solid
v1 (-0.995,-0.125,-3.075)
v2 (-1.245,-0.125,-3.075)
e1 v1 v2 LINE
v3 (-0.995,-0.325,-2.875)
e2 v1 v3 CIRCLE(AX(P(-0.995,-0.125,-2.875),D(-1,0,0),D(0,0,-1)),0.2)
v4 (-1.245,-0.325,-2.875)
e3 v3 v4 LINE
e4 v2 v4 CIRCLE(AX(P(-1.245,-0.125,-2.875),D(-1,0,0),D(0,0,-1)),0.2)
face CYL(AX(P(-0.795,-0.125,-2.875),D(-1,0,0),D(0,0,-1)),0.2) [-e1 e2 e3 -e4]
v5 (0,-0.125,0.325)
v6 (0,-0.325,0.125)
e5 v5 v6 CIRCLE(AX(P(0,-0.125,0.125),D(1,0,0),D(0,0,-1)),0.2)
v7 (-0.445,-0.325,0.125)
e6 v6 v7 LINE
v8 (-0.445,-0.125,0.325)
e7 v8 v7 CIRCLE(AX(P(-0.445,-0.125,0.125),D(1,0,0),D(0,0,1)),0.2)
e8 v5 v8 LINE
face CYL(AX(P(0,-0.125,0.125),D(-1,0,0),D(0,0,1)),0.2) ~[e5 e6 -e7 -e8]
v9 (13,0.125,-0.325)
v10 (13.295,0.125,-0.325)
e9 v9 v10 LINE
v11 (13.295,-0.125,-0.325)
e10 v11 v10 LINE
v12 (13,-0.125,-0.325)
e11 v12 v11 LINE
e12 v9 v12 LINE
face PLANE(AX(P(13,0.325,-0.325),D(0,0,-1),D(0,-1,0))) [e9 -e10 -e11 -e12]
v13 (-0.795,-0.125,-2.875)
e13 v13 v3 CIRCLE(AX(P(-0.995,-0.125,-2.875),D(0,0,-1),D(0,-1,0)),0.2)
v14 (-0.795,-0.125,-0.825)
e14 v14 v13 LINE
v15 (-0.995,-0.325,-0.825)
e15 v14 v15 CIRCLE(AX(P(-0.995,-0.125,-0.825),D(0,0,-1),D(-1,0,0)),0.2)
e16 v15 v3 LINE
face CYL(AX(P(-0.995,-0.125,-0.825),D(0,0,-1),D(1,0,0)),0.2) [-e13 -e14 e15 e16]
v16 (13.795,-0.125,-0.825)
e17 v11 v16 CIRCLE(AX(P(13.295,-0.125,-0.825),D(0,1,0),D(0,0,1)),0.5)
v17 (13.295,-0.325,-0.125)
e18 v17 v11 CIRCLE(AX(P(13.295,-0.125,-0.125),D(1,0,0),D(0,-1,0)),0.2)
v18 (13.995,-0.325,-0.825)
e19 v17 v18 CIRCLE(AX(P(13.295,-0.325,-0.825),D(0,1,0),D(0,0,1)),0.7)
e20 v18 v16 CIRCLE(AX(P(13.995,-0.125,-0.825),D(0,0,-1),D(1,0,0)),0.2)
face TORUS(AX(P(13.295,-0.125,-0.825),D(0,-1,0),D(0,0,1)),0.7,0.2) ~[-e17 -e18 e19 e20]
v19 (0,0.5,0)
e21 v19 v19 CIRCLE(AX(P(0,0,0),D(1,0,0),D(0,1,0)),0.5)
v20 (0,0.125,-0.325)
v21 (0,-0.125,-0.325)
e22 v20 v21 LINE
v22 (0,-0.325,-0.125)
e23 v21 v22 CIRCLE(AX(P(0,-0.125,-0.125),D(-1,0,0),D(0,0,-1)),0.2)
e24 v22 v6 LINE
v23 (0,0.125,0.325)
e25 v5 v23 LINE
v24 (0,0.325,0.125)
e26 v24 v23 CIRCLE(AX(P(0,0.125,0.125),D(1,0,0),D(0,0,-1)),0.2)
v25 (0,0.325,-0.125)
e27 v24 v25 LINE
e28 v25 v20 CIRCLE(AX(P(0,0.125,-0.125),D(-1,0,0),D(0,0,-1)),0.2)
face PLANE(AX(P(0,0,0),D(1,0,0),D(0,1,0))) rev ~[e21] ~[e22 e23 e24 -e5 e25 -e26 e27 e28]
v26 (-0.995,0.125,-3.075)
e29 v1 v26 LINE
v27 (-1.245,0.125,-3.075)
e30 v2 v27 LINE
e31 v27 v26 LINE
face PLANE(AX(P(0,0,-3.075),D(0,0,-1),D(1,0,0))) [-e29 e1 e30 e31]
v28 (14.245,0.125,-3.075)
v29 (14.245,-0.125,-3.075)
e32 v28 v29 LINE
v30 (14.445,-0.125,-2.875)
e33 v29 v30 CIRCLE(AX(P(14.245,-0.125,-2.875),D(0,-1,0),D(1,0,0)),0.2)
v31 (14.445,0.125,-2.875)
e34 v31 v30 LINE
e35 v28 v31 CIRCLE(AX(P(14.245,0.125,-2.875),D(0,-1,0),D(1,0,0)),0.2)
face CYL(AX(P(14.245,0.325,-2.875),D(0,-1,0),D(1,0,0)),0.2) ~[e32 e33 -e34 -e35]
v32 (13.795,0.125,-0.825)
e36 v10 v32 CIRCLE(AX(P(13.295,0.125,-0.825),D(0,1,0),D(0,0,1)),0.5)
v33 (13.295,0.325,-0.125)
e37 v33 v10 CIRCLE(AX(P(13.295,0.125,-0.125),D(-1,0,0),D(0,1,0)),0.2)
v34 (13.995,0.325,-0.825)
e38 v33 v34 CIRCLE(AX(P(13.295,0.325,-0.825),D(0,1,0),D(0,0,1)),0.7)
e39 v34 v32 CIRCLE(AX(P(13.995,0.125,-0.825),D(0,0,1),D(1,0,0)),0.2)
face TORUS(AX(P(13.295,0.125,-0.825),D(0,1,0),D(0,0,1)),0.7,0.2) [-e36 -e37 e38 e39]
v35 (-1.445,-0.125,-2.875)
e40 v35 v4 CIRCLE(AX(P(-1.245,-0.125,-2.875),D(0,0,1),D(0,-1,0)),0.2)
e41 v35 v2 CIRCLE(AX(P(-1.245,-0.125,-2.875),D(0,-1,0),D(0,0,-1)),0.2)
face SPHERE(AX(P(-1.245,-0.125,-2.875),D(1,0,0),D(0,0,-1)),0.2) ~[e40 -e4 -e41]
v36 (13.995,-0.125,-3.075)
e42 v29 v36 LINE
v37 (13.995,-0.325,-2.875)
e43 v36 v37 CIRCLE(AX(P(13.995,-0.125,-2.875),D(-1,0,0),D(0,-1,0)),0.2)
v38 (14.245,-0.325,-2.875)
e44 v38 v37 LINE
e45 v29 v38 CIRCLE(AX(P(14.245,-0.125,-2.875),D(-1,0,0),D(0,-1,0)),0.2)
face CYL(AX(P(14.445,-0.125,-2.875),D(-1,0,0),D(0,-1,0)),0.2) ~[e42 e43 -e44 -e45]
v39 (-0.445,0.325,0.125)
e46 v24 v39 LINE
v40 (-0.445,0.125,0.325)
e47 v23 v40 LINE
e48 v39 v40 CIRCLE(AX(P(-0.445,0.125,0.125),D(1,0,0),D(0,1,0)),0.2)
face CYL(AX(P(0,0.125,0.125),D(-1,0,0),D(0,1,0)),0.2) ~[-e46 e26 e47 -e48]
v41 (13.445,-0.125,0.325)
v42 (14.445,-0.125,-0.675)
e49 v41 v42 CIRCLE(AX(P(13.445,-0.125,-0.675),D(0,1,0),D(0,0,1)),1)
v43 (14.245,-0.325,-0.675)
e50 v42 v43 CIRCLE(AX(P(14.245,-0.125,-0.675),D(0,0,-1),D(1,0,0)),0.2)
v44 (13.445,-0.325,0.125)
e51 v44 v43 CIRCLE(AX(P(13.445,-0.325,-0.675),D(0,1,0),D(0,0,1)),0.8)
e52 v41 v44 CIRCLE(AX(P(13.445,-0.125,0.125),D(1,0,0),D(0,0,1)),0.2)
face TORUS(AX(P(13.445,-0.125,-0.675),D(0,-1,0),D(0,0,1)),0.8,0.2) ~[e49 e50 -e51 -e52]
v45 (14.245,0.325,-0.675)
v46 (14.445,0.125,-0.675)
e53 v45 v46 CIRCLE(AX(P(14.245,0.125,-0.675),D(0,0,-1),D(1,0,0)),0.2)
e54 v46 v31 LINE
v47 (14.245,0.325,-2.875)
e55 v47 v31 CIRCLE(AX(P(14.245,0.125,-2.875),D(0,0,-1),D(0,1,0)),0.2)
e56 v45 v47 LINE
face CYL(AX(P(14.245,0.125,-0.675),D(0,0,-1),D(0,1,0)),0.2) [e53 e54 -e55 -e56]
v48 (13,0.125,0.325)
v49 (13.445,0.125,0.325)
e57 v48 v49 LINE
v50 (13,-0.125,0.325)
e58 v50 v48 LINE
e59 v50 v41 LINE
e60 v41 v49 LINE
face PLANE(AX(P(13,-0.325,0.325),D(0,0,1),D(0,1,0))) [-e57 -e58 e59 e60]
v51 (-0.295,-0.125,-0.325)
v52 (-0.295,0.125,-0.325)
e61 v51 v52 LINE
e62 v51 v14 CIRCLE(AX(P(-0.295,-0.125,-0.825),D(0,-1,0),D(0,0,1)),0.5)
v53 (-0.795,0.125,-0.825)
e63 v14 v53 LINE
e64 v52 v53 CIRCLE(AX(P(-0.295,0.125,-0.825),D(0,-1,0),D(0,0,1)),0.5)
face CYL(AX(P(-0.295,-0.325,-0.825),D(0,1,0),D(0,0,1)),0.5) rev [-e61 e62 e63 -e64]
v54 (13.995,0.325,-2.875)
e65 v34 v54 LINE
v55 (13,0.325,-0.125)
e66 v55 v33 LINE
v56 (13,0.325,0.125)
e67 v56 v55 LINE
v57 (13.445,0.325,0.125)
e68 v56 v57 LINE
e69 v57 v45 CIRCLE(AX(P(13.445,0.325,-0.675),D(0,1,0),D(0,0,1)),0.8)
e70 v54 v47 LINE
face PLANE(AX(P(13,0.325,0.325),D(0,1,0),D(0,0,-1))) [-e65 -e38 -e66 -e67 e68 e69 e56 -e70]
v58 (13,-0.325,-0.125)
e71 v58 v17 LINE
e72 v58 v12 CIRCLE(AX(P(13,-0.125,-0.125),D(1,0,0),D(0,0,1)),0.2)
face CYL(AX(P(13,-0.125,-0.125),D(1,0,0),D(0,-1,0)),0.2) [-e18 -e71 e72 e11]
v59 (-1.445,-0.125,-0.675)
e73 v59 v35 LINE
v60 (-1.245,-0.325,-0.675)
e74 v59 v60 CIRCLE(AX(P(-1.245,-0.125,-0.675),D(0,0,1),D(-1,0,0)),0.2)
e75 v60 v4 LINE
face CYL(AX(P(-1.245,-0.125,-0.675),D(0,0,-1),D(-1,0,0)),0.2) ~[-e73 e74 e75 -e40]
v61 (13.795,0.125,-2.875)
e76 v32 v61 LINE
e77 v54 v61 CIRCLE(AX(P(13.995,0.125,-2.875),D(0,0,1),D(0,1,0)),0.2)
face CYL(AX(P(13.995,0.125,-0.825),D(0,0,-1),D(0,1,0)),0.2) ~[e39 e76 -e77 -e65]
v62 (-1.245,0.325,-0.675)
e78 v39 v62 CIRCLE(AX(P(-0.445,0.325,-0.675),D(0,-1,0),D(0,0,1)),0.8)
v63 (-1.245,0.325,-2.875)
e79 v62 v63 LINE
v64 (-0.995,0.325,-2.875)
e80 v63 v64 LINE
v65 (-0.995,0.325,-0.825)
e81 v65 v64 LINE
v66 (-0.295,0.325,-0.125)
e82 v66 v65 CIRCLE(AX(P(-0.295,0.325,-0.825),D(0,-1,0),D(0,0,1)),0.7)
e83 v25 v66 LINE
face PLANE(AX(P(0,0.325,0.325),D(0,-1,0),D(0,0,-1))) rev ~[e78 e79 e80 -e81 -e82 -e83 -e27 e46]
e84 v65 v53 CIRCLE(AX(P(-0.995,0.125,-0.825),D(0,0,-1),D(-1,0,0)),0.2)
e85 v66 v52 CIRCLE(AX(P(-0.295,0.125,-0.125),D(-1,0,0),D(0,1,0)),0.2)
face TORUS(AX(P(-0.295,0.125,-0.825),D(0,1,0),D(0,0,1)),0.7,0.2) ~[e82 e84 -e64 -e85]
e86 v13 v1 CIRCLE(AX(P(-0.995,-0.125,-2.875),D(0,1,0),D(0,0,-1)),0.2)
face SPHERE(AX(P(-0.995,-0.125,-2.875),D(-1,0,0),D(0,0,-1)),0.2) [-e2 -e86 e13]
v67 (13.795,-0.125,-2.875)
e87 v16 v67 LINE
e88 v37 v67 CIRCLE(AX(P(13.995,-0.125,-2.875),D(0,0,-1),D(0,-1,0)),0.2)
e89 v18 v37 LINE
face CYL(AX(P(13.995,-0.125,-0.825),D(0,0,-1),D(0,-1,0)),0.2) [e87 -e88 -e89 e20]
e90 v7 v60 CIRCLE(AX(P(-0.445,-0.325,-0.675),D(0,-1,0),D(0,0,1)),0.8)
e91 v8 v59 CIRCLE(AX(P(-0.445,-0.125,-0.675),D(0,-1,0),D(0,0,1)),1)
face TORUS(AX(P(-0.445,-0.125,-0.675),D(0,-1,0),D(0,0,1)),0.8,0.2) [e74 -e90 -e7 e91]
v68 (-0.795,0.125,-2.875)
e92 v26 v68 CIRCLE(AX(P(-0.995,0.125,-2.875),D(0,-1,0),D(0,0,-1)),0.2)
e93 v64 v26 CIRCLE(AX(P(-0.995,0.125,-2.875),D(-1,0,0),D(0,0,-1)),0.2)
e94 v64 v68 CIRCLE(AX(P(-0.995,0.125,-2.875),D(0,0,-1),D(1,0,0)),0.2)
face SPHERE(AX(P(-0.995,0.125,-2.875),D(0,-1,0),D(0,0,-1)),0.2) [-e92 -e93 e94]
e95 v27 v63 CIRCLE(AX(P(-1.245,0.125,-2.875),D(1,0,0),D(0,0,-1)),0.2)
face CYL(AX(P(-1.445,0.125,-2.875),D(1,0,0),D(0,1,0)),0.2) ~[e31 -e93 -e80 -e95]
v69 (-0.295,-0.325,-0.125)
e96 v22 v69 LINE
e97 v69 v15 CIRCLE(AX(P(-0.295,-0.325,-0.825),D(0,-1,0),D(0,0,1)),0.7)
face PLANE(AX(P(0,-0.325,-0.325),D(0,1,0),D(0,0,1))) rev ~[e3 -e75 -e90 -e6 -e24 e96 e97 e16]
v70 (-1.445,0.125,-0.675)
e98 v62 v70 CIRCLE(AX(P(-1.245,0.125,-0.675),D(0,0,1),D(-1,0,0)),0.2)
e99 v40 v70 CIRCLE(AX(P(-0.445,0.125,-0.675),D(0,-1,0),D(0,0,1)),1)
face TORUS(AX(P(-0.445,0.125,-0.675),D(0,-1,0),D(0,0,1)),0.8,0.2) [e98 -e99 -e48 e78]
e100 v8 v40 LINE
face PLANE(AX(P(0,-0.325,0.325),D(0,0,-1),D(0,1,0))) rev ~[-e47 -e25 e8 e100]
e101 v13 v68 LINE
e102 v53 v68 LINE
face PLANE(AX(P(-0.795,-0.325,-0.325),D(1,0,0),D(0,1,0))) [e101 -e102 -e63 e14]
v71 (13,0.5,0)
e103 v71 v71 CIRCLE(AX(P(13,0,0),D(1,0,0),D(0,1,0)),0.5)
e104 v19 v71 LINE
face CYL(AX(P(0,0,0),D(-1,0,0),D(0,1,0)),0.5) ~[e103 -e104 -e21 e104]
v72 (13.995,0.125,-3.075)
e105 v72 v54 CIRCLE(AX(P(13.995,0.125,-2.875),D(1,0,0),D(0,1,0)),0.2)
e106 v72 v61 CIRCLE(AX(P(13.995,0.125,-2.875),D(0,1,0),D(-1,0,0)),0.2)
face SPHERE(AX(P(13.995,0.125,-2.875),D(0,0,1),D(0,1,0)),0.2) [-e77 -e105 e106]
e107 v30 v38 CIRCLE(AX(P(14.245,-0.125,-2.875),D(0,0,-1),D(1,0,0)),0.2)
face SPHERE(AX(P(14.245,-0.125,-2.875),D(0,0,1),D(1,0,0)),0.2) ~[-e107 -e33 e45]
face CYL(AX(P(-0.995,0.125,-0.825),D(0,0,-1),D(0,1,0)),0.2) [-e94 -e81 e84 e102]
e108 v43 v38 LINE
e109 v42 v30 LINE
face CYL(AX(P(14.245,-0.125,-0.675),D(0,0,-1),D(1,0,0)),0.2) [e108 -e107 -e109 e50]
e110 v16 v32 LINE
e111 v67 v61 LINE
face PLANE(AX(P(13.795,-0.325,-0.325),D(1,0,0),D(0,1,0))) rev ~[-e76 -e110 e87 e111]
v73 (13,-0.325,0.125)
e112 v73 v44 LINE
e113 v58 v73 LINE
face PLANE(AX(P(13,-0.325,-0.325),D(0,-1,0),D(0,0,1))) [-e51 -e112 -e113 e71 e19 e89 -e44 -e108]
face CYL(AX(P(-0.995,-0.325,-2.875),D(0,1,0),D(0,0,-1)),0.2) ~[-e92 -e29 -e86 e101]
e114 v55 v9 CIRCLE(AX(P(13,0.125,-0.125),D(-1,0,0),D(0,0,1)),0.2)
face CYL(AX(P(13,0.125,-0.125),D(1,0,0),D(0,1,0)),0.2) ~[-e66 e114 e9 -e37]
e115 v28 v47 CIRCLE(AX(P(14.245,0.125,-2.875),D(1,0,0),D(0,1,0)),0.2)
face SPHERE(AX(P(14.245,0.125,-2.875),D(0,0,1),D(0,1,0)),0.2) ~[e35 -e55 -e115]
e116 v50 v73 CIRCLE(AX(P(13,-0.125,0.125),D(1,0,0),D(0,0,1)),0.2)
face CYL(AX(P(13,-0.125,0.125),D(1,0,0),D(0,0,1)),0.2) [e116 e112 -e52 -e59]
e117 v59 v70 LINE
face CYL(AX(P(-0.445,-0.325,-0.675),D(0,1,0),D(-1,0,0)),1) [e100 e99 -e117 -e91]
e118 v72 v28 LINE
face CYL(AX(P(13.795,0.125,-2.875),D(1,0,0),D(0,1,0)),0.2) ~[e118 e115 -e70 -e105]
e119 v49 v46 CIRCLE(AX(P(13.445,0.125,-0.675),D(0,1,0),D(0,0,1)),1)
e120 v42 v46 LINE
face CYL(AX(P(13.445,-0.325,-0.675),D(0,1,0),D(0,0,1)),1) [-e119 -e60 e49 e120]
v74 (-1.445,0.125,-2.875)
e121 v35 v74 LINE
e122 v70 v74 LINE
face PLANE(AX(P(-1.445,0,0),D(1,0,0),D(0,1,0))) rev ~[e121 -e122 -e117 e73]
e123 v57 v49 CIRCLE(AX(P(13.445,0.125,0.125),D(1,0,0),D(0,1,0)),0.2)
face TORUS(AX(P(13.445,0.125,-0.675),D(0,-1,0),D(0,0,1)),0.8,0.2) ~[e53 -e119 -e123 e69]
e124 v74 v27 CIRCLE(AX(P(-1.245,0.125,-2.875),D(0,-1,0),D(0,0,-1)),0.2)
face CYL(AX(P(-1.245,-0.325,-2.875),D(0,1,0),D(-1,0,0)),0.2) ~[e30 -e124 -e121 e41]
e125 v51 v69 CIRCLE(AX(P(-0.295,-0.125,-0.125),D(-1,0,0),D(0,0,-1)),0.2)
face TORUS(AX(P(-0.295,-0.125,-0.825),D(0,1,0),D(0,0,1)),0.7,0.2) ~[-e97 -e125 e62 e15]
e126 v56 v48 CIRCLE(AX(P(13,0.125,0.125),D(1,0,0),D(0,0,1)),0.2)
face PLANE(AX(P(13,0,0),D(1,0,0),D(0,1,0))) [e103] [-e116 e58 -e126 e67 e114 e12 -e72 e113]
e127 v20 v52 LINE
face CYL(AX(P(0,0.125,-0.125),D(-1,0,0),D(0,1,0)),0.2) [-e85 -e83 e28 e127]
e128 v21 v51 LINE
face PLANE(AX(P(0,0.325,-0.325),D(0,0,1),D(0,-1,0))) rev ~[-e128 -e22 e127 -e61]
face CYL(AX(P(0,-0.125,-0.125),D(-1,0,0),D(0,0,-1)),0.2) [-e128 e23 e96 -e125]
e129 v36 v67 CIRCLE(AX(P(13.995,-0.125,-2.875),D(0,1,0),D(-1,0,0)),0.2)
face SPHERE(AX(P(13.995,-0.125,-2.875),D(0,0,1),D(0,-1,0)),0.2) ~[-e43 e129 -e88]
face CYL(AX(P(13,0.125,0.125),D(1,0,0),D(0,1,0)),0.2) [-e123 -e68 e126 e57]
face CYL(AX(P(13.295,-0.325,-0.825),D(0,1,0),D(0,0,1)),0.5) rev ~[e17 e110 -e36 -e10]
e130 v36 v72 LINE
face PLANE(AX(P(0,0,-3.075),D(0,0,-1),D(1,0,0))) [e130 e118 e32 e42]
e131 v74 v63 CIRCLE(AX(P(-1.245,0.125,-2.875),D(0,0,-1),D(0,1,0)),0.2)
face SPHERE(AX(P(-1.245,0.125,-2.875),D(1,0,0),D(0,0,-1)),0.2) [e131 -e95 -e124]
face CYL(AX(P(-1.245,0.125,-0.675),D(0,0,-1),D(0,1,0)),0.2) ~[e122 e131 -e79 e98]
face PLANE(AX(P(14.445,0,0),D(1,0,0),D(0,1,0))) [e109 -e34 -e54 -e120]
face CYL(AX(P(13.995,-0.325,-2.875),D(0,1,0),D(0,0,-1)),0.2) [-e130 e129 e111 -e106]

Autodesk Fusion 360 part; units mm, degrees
sketch "Sketch1" plane through (0, 0, 0) normal (1, 0, 0) x (0, 1, 0)
  circle A0 centre (0, 0) radius 0.5
  line L0 (0.325, -0.325) -> (-0.325, -0.325)
  line L1 (-0.325, -0.325) -> (-0.325, 0.325)
  line L2 (-0.325, 0.325) -> (0.325, 0.325)
  line L3 (0.325, 0.325) -> (0.325, -0.325)
  line L4 (0.325, -0.325) -> (-0.325, 0.325) construction
  line L5 (-0.325, -0.325) -> (0.325, 0.325) construction
  dimension "d1" = 1
  dimension "d2" = 0.65
  dimension "d3" = 0.65
extrude "Extrude1" add sketch "Sketch1" along normal blind 13 contours A0 | L0 L1 L2 L3
sketch "Sketch2" plane through (13, 0, 0) normal (1, 0, 0) x (0, 1, 0)
  circle A0 centre (0, 0) radius 0.5
  line L0 (0.325, -0.325) -> (-0.325, -0.325)
  line L1 (-0.325, -0.325) -> (-0.325, 0.325)
  line L2 (-0.325, 0.325) -> (0.325, 0.325)
  line L3 (0.325, 0.325) -> (0.325, -0.325)
  line L4 (0.325, -0.325) -> (-0.325, 0.325) construction
  line L5 (-0.325, -0.325) -> (0.325, 0.325) construction
  dimension "d8" = 0.65
  dimension "d9" = 0.65
extrude "Extrude2" add sketch "Sketch2" along normal blind 1.445 contours L0 L1 L2 L3
extrude "Extrude3" add sketch "Sketch1" against normal blind 1.445 contours L0 L1 L2 L3
sketch "Sketch3" plane through (0, 0, -0.325) normal (0, 0, -1) x (1, 0, 0)
  line L0 (13, 0.325) -> (13, -0.325)
  line L1 (13, -0.325) -> (14.445, -0.325)
  line L2 (14.445, -0.325) -> (14.445, 0.325)
  line L3 (14.445, 0.325) -> (13, 0.325)
  line L4 (14.445, 0.325) -> (13.795, 0.325)
  line L5 (13.795, 0.325) -> (13.795, -0.325)
  line L6 (13.795, -0.325) -> (14.445, -0.325)
  line L7 (14.445, -0.325) -> (14.445, 0.325)
  line L8 (14.445, 0.325) -> (13.795, -0.325) construction
  line L9 (13.795, 0.325) -> (14.445, -0.325) construction
  point P0 (14.12, 0)
  dimension "d14" = 0.65
  dimension "d15" = 0.65
sketch "Sketch4" plane through (0, 0, -0.325) normal (0, 0, -1) x (1, 0, 0)
  line L0 (0, -0.325) -> (0, 0.325)
  line L1 (0, 0.325) -> (-1.445, 0.325)
  line L2 (-1.445, 0.325) -> (-1.445, -0.325)
  line L3 (-1.445, -0.325) -> (0, -0.325)
  line L4 (-0.795, -0.325) -> (-1.445, -0.325)
  line L5 (-1.445, -0.325) -> (-1.445, 0.325)
  line L6 (-1.445, 0.325) -> (-0.795, 0.325)
  line L7 (-0.795, 0.325) -> (-0.795, -0.325)
  line L8 (-0.795, -0.325) -> (-1.445, 0.325) construction
  line L9 (-1.445, -0.325) -> (-0.795, 0.325) construction
  point P0 (-1.12, 0)
  dimension "d17" = 0.65
  dimension "d18" = 0.65
extrude "Extrude4" add sketch "Sketch4" sketch "Sketch3" along normal blind 2.75 contours L1 L2 L3 L4 L5 L6 L7 of sketch 2 contours L1 L2 L3 L4 L5 L6 L7
fillet "Fillet1" radius 0.5 2 edges at (-0.795, 0, -0.325) (13.795, 0, -0.325)
fillet "Fillet2" radius 1 2 edges at (-1.445, 0, 0.325) (14.445, 0, 0.325)
fillet "Fillet3" radius 0.2 28 edges at (-1.12, -0.325, -3.075) (-0.795, 0, -3.075) (-1.12, 0.325, -3.075) (-1.445, 0, -3.075) (-0.6486, -0.325, -0.4714) (-0.795, -0.325, -1.95) (-0.2225, -0.325, 0.325) (-1.1521, -0.325, 0.0321) (-1.445, -0.325, -1.875) (-0.2225, 0.325, 0.325) (-1.1521, 0.325, 0.0321) (-1.445, 0.325, -1.875) (-0.6486, 0.325, -0.4714) (-0.795, 0.325, -1.95) (13.2225, -0.325, 0.325) (14.1521, -0.325, 0.0321) (14.445, -0.325, -1.875) (13.795, -0.325, -1.95) (13.6486, -0.325, -0.4714) (14.445, 0.325, -1.875) (14.1521, 0.325, 0.0321) (13.2225, 0.325, 0.325) (13.6486, 0.325, -0.4714) (13.795, 0.325, -1.95) (14.12, 0.325, -3.075) (14.445, 0, -3.075) (14.12, -0.325, -3.075) (13.795, 0, -3.075)
equation "d1 = width"
equation "d2 = d3"
equation "d3 = d1 * 0.65"
equation "width = 1 mm"
equation "baseLenght = 13 mm"
equation "d6 = baseLenght"
equation "d8 = width * 0.65"
equation "d9 = d8"
equation "d10 = ( ( 2.54 * ceil(( baseLenght + 1.3 * width ) / 2.54 mm) ) * 1 mm + 0.65 * width - baseLenght ) / 2"
equation "d12 = -( ( 2.54 * ceil(( baseLenght + 1.3 * width ) / 2.54 mm) ) * 1 mm + 0.65 * width - baseLenght ) / 2"
equation "d14 = width * 0.65"
equation "d15 = d14"
equation "d17 = width * 0.65"
equation "d18 = d17"
equation "d26 = 0.2 * width"
